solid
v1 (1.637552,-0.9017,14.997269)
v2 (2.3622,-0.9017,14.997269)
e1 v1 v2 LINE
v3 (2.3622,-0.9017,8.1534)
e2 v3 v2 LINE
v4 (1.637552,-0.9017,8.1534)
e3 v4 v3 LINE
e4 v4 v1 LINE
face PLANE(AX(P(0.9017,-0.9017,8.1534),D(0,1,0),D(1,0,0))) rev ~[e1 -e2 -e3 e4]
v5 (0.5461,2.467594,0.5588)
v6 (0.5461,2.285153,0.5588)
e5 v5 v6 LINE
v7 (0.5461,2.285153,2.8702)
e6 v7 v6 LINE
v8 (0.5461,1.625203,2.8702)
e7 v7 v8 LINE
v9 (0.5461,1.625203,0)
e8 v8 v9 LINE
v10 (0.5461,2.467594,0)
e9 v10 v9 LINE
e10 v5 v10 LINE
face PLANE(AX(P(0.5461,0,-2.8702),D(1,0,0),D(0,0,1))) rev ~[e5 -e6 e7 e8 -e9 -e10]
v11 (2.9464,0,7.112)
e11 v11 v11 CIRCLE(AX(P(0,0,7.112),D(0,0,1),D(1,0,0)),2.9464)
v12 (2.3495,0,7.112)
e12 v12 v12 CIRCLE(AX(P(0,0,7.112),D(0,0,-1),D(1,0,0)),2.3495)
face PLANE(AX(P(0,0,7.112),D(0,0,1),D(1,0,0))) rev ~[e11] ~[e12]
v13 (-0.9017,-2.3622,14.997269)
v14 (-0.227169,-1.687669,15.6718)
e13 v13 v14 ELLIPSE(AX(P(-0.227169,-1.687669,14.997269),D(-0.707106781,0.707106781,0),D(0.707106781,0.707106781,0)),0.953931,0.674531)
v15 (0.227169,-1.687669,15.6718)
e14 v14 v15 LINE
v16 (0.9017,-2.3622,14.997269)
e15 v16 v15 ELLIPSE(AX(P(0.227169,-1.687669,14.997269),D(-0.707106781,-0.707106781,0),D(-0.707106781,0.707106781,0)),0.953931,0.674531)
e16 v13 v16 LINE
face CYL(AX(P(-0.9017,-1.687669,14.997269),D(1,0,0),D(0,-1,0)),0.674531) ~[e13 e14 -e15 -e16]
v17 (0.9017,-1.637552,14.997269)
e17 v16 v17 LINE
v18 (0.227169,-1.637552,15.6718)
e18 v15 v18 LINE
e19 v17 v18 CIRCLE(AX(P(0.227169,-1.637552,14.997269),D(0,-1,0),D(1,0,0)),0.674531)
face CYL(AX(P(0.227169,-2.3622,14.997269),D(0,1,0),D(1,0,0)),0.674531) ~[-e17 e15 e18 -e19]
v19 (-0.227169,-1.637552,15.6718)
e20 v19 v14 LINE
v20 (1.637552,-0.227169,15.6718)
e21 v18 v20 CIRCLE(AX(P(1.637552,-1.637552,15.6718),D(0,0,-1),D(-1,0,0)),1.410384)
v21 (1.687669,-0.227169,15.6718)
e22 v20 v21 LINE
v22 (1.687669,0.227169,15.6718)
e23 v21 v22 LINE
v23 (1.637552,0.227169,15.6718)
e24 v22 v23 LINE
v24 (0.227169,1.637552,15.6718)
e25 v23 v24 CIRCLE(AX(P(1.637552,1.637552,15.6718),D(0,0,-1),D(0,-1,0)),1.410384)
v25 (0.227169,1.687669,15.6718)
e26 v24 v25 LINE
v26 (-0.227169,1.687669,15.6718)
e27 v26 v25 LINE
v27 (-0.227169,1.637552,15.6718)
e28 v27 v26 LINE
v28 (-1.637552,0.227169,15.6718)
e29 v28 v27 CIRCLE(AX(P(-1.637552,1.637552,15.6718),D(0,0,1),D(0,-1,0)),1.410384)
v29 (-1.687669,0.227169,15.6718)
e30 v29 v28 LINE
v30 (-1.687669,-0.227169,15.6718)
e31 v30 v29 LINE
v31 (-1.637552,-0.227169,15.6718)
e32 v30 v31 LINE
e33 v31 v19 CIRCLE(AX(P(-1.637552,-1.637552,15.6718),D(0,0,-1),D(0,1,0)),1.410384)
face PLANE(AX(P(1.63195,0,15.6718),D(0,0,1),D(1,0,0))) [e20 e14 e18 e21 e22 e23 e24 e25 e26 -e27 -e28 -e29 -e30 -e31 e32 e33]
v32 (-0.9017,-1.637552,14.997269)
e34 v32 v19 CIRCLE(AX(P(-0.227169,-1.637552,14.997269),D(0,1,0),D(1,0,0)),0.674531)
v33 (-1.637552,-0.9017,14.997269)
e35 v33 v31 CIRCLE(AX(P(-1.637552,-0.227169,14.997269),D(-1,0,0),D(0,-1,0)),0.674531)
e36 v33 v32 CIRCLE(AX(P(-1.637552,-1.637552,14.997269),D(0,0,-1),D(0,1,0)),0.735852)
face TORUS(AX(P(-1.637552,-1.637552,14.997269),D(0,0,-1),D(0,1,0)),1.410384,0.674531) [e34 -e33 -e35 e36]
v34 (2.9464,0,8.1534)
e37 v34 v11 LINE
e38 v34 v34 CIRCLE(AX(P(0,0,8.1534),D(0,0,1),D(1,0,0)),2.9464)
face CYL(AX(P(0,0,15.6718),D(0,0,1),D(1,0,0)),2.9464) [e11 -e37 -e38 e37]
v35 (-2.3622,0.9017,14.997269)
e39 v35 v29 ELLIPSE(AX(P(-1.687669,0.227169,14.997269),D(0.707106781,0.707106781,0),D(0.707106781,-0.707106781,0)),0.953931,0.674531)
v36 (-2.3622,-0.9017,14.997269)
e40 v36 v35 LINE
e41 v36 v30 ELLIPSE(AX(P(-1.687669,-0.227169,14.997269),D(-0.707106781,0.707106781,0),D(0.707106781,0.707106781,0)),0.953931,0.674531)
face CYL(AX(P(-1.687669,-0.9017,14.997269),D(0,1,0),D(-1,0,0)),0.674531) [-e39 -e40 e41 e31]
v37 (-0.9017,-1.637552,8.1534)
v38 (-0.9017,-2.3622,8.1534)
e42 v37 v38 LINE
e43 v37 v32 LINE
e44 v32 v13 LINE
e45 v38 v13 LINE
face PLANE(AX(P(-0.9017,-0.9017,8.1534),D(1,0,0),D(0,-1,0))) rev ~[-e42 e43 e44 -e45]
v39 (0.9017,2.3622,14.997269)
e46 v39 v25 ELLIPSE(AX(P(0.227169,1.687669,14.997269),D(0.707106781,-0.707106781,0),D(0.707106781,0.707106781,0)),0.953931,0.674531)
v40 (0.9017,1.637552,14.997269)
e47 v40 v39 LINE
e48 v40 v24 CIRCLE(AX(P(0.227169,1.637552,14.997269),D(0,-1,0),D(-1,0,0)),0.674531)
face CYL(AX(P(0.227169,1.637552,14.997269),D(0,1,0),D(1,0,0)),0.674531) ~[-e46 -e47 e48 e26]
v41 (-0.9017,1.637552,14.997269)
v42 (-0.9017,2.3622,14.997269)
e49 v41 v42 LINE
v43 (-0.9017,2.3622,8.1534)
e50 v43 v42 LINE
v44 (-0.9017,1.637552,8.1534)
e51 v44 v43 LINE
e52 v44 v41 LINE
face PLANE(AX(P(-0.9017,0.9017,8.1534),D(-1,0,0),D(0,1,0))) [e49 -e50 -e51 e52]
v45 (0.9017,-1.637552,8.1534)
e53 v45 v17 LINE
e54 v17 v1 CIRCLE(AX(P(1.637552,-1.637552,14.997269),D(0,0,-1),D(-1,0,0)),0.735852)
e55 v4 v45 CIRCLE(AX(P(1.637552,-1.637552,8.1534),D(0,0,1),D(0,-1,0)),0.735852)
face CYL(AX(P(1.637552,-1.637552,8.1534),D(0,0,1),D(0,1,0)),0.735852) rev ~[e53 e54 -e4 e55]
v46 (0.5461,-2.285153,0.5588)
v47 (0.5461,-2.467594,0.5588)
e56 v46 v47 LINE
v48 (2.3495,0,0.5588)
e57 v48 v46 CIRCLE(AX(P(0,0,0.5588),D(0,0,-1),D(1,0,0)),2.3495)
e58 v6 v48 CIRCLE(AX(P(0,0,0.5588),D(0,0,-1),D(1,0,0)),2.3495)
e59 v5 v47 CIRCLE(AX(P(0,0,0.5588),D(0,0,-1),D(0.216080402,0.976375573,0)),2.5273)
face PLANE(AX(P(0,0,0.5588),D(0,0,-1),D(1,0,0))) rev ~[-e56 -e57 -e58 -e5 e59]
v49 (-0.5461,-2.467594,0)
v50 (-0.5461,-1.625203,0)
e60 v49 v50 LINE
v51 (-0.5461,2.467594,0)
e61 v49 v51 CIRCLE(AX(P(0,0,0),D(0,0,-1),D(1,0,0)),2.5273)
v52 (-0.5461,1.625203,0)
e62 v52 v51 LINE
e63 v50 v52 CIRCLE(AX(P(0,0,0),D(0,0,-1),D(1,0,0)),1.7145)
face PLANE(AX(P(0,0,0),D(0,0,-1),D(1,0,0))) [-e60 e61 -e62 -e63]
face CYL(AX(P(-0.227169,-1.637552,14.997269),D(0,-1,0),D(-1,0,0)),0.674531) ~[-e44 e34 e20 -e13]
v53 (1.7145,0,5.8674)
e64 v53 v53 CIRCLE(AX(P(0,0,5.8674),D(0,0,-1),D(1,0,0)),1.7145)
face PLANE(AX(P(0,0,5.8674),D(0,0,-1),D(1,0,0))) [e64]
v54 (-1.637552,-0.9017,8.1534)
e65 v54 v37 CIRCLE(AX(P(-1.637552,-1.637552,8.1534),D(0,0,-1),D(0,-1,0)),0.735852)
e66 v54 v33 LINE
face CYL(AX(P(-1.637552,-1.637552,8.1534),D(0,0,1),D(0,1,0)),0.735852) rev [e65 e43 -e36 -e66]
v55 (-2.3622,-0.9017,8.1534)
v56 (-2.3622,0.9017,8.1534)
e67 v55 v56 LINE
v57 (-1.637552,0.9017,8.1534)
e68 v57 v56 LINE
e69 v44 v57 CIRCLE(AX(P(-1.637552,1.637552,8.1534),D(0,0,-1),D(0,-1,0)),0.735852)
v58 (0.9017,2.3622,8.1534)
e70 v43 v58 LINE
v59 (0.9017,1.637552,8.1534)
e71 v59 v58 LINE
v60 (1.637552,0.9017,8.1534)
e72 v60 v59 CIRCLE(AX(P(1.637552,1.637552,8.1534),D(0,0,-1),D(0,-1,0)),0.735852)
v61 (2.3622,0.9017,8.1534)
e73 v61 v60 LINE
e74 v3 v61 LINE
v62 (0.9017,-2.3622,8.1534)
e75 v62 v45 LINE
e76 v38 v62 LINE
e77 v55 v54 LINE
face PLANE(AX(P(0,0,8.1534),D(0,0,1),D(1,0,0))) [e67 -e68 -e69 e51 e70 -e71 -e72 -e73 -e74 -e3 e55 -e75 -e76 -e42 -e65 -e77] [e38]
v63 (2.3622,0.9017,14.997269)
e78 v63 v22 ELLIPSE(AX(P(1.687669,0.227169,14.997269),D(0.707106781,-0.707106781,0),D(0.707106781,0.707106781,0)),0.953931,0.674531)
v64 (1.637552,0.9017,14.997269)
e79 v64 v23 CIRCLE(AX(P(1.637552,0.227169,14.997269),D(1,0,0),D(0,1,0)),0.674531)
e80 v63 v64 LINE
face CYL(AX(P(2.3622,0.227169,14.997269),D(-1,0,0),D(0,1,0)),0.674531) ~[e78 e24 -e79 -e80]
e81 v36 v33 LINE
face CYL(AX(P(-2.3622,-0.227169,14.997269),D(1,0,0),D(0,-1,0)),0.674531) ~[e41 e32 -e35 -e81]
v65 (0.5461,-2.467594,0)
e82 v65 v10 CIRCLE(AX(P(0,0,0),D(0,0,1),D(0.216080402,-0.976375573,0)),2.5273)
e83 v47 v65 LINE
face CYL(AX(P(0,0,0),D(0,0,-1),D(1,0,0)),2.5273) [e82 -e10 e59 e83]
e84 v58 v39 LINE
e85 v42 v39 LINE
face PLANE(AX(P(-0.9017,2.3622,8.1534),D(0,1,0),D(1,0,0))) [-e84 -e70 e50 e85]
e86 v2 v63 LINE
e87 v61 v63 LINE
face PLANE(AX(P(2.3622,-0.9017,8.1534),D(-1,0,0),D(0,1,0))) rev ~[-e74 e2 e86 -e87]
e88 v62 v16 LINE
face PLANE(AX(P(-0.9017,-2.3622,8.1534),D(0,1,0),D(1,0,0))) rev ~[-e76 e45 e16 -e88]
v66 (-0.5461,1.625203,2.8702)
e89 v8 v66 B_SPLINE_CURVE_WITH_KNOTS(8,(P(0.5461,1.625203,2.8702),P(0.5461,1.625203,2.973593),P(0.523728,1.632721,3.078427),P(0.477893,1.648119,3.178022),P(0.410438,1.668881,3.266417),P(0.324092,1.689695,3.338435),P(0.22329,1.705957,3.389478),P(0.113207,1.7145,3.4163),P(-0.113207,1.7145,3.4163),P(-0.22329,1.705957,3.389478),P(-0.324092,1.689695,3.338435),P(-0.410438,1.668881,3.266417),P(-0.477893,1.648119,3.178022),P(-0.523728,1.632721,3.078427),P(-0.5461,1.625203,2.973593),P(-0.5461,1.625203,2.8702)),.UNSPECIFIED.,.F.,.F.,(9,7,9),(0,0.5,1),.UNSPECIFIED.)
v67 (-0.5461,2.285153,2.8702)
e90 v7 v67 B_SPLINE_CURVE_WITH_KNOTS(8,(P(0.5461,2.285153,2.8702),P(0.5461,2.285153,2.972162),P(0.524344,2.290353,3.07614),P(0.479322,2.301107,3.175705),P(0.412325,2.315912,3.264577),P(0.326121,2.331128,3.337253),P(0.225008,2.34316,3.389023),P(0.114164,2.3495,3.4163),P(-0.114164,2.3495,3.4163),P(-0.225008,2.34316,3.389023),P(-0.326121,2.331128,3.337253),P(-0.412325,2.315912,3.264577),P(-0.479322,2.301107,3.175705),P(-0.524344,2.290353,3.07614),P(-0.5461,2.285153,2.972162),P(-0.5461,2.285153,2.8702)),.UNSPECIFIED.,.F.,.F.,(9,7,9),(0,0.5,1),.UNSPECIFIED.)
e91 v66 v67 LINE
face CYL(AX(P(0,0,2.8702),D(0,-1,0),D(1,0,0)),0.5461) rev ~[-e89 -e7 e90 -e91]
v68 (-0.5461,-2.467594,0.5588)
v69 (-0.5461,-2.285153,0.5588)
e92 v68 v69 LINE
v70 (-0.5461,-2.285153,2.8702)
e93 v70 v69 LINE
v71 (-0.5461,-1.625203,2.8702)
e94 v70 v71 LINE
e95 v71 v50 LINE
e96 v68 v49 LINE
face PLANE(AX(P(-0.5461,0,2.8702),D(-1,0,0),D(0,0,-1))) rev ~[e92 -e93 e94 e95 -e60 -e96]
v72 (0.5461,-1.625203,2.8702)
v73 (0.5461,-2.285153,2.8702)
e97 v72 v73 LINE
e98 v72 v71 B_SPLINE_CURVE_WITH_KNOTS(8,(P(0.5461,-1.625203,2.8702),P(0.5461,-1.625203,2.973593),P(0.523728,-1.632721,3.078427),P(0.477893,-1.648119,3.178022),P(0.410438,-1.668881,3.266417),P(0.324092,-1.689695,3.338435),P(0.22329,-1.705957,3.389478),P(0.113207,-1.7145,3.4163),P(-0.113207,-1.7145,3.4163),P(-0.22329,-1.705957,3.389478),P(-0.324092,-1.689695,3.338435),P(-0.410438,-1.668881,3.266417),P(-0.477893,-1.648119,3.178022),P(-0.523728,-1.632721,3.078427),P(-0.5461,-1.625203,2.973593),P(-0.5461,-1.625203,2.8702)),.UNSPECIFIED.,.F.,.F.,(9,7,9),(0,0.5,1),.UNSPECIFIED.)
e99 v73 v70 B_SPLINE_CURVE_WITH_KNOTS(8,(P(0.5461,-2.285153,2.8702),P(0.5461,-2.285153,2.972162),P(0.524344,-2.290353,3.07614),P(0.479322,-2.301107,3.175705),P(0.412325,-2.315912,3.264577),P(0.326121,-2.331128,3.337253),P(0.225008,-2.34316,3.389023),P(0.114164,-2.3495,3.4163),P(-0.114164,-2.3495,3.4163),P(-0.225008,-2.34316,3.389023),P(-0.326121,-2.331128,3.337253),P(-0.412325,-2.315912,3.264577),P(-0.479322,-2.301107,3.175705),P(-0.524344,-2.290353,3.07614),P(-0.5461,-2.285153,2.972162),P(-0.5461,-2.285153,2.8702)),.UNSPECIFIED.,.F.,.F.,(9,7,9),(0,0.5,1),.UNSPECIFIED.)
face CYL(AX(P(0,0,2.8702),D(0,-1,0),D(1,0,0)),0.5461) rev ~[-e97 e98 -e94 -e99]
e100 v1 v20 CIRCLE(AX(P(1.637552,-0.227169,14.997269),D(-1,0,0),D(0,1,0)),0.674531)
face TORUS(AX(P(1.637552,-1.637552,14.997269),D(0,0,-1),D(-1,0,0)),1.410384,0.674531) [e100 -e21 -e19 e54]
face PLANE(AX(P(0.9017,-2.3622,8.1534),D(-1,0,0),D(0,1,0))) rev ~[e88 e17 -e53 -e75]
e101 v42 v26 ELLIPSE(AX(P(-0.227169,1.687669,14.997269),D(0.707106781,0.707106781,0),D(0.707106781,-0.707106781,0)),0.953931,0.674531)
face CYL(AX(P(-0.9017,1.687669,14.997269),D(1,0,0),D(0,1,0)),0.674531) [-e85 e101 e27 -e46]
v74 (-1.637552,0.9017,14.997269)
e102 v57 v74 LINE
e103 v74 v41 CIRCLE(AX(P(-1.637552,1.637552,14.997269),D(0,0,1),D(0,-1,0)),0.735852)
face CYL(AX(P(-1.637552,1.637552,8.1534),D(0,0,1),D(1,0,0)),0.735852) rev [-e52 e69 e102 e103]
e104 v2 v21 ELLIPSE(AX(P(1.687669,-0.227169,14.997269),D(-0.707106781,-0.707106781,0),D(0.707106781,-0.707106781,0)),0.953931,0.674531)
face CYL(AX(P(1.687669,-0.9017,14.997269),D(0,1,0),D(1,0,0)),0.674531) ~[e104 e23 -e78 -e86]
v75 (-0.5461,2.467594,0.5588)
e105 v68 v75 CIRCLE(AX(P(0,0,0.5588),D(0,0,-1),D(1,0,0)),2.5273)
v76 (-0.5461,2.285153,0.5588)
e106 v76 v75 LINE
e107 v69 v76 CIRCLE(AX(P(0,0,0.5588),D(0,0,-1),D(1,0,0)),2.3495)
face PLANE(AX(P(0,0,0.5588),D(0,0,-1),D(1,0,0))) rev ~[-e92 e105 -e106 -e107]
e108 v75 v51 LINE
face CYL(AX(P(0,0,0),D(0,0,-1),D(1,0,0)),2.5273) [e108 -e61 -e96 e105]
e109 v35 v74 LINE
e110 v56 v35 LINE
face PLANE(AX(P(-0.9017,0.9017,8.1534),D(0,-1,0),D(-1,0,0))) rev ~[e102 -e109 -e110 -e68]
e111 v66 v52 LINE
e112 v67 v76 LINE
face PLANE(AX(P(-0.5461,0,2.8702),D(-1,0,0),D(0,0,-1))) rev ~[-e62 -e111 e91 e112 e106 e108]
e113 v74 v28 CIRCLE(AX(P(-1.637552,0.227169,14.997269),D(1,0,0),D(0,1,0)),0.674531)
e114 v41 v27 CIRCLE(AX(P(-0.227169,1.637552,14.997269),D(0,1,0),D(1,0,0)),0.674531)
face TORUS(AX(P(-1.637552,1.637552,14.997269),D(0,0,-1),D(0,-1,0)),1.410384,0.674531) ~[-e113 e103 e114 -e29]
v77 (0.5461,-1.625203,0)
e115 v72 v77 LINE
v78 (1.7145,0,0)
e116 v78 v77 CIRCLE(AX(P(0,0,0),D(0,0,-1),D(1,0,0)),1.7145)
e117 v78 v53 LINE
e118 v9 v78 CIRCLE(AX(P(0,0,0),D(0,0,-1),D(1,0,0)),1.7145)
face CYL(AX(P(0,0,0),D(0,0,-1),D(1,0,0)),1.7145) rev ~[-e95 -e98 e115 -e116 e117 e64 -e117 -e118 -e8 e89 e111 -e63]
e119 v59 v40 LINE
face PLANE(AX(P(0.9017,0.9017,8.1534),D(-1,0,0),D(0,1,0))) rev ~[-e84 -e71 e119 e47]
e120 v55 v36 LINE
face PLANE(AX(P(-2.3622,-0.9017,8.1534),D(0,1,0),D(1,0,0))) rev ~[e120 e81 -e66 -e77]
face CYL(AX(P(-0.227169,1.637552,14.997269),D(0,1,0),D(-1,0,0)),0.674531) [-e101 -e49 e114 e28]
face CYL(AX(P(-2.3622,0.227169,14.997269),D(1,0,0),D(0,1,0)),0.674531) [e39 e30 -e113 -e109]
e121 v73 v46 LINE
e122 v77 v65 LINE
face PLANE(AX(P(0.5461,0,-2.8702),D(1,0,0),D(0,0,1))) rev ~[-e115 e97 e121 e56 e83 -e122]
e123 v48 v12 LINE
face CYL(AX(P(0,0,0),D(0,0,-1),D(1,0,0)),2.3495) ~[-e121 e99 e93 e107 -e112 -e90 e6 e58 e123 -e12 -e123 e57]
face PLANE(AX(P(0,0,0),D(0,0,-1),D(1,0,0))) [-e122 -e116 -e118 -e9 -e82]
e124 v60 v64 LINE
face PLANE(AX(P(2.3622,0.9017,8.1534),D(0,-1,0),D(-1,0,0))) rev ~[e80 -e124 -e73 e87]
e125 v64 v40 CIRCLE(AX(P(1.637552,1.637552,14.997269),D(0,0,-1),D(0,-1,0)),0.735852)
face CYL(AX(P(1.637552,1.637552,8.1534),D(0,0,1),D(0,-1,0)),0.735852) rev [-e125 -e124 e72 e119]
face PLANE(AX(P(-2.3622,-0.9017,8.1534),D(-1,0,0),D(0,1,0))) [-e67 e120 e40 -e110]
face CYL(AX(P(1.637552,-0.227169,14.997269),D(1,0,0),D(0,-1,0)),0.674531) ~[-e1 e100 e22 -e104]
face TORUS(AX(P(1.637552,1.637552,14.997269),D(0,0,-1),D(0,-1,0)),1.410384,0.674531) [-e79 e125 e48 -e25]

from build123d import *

# Parameters (mm, degrees)
F0_R      = 2.3495
F1_DEPTH  = 15.6718
F3_R      = 2.5273
F4_DEPTH  = 0.5588
F5_DEPTH  = 12.7
F6_R      = 2.9464
F7_DEPTH  = 8.5598
F8_R      = 12.7
F9_DEPTH  = 7.5184
F10_W     = 1.4605
F10_H     = 1.8034
F10_W_2   = 1.8034
F10_H_2   = 1.4605
F11_DEPTH = 7.5184
F12_R     = 0.7358522938
F13_R     = 0.6745312693
F14_R     = 1.7145
F15_DEPTH = 5.8674


with BuildPart() as f1:
    # F0 (on Top) → F1 (new body)
    with BuildSketch(Plane.XY):
        Circle(F0_R)
    extrude(amount=F1_DEPTH)

    # F3 (on face) → F4 (join)
    with BuildSketch(Plane(origin=(0, 0, 0), x_dir=(1, 0, 0), z_dir=(0, 0, -1))):
        Circle(F3_R)
    extrude(amount=-F4_DEPTH)

    # F2 (on Front) → F5 (cut, symmetric)
    with BuildSketch(Plane.XZ):
        with BuildLine():
            Line((-0.5461, -2.8702), (0.5461, -2.8702))
            Line((0.5461, -2.8702), (0.5461, 2.8702))
            ThreePointArc((0.5461, 2.8702), (0, 2.3241), (-0.5461, 2.8702))
            Line((-0.5461, 2.8702), (-0.5461, -2.8702))
        make_face()
        with BuildLine():
            ThreePointArc((-0.5461, 2.8702), (0, 2.3241), (0.5461, 2.8702))
            Line((0.5461, 2.8702), (-0.5461, 2.8702))
        make_face()
        with BuildLine():
            Line((-0.5461, 2.8702), (0.5461, 2.8702))
            ThreePointArc((0.5461, 2.8702), (0, 3.4163), (-0.5461, 2.8702))
        make_face()
    extrude(amount=F5_DEPTH, both=True, mode=Mode.SUBTRACT)

    # F6 (on face) → F7 (join)
    with BuildSketch(Plane.XY.offset(15.6718)):
        Circle(F6_R)
    extrude(amount=-F7_DEPTH)

    # F8 (on face) → F9 (cut)
    with BuildSketch(Plane.XY.offset(15.6718)):
        Circle(F8_R)
    extrude(amount=-F9_DEPTH, mode=Mode.SUBTRACT)

    # F10 (on face) → F11 (join)
    with BuildSketch(Plane.XY.offset(8.1534)):
        with Locations((1.63195, 0)):
            Rectangle(F10_W, F10_H)
        with Locations((0, -1.63195)):
            Rectangle(F10_W_2, F10_H_2)
        Rectangle(F10_W_2, F10_H)
        with Locations((-1.63195, 0)):
            Rectangle(F10_W, F10_H)
        with Locations((0, 1.63195)):
            Rectangle(F10_W_2, F10_H_2)
    extrude(amount=F11_DEPTH)

    # F12
    f12_edges = [f1.edges().sort_by_distance(p)[0] for p in [
        (-0.9017, -0.9017, 11.9126),
        (0.9017, 0.9017, 11.9126),
        (0.9017, -0.9017, 11.9126),
        (-0.9017, 0.9017, 11.9126),
    ]]
    fillet(f12_edges, radius=F12_R)

    # F13
    f13_edges = [f1.edges().sort_by_distance(p)[0] for p in [
        (1.999876, -0.9017, 15.6718),
        (1.117226, -1.117226, 15.6718),
        (2.3622, 0, 15.6718),
        (0.9017, -1.999876, 15.6718),
        (1.999876, 0.9017, 15.6718),
        (0, -2.3622, 15.6718),
        (1.117226, 1.117226, 15.6718),
        (-0.9017, -1.999876, 15.6718),
        (0.9017, 1.999876, 15.6718),
        (-1.117226, -1.117226, 15.6718),
        (0, 2.3622, 15.6718),
        (-1.999876, -0.9017, 15.6718),
        (-0.9017, 1.999876, 15.6718),
        (-2.3622, 0, 15.6718),
        (-1.117226, 1.117226, 15.6718),
        (-1.999876, 0.9017, 15.6718),
    ]]
    fillet(f13_edges, radius=F13_R)

    # F14 (on face) → F15 (cut)
    with BuildSketch(Plane(origin=(0, 0, 0), x_dir=(1, 0, 0), z_dir=(0, 0, -1))):
        Circle(F14_R)
    extrude(amount=-F15_DEPTH, mode=Mode.SUBTRACT)


solid = f1.part
